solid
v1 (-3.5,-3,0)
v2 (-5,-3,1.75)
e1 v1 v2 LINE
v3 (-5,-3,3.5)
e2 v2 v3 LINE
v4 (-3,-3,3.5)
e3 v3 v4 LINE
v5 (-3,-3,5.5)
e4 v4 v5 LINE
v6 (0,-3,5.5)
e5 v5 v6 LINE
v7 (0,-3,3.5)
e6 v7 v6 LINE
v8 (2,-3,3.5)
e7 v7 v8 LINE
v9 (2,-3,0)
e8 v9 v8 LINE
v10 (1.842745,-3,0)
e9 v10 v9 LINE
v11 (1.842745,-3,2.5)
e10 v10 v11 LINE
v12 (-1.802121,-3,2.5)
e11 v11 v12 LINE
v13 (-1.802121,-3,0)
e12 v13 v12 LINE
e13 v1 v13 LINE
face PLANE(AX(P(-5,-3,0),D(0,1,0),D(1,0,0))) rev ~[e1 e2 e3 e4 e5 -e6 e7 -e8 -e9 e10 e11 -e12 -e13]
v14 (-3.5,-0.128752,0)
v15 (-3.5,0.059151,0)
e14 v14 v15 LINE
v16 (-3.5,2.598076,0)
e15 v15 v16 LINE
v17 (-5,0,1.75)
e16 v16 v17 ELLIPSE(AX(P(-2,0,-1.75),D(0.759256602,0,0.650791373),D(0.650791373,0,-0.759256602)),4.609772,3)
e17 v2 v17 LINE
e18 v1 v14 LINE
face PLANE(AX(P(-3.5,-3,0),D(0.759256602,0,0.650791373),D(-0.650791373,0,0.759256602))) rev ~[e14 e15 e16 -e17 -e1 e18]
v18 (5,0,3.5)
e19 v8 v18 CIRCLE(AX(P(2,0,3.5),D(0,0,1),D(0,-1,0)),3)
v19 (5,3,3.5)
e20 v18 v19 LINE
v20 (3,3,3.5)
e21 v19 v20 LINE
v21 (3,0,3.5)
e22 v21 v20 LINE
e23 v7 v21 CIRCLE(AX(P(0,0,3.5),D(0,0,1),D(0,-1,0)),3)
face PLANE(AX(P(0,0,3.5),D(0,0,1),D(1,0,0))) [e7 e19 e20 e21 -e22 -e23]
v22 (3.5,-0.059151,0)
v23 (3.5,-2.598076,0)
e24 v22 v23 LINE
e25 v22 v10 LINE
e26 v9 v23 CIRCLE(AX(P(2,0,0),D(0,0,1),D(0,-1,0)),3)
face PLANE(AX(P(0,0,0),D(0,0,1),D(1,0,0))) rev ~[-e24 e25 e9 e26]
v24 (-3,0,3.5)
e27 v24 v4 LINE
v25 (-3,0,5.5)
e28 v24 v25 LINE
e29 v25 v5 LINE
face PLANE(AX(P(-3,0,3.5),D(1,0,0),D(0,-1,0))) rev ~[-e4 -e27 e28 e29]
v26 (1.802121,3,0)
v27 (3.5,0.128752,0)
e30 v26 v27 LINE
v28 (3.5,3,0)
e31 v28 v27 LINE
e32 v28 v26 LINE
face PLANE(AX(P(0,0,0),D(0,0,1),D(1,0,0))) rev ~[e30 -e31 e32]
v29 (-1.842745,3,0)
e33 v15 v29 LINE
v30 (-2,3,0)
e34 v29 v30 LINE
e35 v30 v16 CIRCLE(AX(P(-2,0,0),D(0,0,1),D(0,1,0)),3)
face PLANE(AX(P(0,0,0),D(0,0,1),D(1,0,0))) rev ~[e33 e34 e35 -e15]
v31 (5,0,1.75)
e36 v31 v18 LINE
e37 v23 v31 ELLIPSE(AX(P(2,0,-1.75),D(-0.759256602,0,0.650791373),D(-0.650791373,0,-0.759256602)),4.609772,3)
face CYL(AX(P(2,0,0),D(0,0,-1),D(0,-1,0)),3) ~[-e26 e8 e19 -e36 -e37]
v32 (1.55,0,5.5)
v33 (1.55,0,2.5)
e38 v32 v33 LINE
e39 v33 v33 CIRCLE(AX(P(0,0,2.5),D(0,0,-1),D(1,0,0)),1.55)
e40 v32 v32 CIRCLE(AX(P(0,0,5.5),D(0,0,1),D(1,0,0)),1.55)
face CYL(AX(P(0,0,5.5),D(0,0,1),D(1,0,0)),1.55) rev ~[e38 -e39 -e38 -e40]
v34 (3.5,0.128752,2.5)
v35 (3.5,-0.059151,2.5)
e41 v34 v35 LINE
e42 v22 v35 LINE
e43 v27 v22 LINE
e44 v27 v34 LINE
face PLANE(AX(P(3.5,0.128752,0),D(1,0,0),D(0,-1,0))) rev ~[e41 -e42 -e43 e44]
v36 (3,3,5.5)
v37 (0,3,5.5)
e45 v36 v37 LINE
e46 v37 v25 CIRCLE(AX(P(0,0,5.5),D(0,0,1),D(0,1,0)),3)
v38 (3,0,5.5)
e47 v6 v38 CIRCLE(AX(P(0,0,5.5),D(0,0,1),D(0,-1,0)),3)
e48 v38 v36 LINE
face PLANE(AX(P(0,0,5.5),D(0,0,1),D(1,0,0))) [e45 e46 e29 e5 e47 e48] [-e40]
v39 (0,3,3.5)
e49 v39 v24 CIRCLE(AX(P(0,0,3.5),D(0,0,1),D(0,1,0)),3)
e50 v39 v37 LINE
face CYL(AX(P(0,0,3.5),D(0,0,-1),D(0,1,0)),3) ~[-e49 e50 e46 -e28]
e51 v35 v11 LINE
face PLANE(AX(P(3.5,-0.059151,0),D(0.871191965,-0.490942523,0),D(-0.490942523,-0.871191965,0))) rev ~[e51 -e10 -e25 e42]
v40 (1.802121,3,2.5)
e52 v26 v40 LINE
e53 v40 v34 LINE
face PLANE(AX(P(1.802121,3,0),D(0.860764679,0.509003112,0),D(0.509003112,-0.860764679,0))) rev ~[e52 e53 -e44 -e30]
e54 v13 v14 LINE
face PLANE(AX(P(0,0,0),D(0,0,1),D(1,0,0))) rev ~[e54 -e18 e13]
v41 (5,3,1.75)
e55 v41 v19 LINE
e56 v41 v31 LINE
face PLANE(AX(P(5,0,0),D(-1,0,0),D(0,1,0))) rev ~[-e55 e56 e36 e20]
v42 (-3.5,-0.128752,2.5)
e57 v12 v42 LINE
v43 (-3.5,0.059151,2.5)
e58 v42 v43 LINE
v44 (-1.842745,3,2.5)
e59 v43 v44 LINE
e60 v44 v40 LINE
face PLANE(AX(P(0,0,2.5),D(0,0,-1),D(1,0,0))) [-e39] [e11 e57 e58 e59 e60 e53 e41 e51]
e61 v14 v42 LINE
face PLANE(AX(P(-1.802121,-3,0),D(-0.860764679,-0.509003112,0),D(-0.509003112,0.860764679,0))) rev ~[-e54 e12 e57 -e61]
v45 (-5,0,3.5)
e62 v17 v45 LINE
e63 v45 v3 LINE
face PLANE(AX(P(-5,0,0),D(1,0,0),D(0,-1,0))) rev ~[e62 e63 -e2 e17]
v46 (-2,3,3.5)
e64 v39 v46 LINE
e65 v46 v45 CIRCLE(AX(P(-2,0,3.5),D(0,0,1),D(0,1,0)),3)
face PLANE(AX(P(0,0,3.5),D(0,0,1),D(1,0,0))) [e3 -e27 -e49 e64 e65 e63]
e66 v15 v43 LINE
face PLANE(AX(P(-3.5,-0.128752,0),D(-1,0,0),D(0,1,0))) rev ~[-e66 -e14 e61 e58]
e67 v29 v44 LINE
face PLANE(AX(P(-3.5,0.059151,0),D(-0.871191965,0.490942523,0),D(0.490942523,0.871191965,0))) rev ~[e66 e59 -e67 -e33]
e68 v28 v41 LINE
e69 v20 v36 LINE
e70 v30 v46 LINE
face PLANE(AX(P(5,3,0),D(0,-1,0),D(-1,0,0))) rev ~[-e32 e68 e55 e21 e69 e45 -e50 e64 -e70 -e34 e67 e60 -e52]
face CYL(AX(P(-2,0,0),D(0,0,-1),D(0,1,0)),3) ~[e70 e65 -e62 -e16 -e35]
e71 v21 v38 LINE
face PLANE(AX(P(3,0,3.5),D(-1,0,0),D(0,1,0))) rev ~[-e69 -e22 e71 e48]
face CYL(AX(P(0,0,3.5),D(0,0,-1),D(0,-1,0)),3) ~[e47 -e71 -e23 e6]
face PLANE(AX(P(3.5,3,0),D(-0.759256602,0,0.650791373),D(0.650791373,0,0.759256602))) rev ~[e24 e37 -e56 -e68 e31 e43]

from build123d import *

# Parameters (mm, degrees)
F1_DEPTH  = 3.5
F3_DEPTH  = 2
F4_R      = 1.55
F5_DEPTH  = 25
F7_DEPTH  = 25
F9_DEPTH  = 25
F10_R     = 1.55
F11_DEPTH = 2.5


with BuildPart() as f1:
    # F0 (on Top) → F1 (new body)
    with BuildSketch(Plane.XY):
        with BuildLine():
            Line((-5, 0), (-5, -3))
            Line((-5, -3), (2, -3))
            ThreePointArc((2, -3), (4.1213203436, -2.1213203436), (5, 0))
            Line((5, 0), (5, 3))
            Line((5, 3), (-2, 3))
            ThreePointArc((-2, 3), (-4.1213203436, 2.1213203436), (-5, 0))
        make_face()
    extrude(amount=F1_DEPTH)

    # F2 (on face) → F3 (join)
    with BuildSketch(Plane.XY.offset(3.5)):
        with BuildLine():
            Line((3, 0), (3, 3))
            Line((3, 3), (0, 3))
            ThreePointArc((0, 3), (-2.1213203436, 2.1213203436), (-3, 0))
            Line((-3, 0), (-3, -3))
            Line((-3, -3), (0, -3))
            ThreePointArc((0, -3), (2.1213203436, -2.1213203436), (3, 0))
        make_face()
    extrude(amount=F3_DEPTH)

    # F4 (on face) → F5 (cut)
    with BuildSketch(Plane.XY.offset(5.5)):
        Circle(F4_R)
    extrude(amount=-F5_DEPTH, mode=Mode.SUBTRACT)

    # F6 (on face) → F7 (cut)
    with BuildSketch(Plane.XZ.offset(3)):
        Polygon((-3.5, 0), (-5, 1.75), (-5, 0), align=None)
    extrude(amount=-F7_DEPTH, mode=Mode.SUBTRACT)

    # F8 (on face) → F9 (cut)
    with BuildSketch(Plane(origin=(0, 3, 0), x_dir=(-1, 0, 0), z_dir=(0, 1, 0))):
        Polygon((-5, 0), (-3.5, 0), (-5, 1.75), align=None)
    extrude(amount=-F9_DEPTH, mode=Mode.SUBTRACT)

    # F10 (on face) → F11 (cut)
    with BuildSketch(Plane(origin=(0, 0, 0), x_dir=(1, 0, 0), z_dir=(0, 0, -1))):
        Polygon((1.8021214103, -3), (3.5, -0.128752487), (3.5, 0.0591513549), (1.8427445262, 3), (-1.8021214103, 3), (-3.5, 0.128752487), (-3.5, -0.0591513549), (-1.8427445262, -3), align=None)
        Circle(F10_R, mode=Mode.SUBTRACT)
    extrude(amount=-F11_DEPTH, mode=Mode.SUBTRACT)


solid = f1.part
